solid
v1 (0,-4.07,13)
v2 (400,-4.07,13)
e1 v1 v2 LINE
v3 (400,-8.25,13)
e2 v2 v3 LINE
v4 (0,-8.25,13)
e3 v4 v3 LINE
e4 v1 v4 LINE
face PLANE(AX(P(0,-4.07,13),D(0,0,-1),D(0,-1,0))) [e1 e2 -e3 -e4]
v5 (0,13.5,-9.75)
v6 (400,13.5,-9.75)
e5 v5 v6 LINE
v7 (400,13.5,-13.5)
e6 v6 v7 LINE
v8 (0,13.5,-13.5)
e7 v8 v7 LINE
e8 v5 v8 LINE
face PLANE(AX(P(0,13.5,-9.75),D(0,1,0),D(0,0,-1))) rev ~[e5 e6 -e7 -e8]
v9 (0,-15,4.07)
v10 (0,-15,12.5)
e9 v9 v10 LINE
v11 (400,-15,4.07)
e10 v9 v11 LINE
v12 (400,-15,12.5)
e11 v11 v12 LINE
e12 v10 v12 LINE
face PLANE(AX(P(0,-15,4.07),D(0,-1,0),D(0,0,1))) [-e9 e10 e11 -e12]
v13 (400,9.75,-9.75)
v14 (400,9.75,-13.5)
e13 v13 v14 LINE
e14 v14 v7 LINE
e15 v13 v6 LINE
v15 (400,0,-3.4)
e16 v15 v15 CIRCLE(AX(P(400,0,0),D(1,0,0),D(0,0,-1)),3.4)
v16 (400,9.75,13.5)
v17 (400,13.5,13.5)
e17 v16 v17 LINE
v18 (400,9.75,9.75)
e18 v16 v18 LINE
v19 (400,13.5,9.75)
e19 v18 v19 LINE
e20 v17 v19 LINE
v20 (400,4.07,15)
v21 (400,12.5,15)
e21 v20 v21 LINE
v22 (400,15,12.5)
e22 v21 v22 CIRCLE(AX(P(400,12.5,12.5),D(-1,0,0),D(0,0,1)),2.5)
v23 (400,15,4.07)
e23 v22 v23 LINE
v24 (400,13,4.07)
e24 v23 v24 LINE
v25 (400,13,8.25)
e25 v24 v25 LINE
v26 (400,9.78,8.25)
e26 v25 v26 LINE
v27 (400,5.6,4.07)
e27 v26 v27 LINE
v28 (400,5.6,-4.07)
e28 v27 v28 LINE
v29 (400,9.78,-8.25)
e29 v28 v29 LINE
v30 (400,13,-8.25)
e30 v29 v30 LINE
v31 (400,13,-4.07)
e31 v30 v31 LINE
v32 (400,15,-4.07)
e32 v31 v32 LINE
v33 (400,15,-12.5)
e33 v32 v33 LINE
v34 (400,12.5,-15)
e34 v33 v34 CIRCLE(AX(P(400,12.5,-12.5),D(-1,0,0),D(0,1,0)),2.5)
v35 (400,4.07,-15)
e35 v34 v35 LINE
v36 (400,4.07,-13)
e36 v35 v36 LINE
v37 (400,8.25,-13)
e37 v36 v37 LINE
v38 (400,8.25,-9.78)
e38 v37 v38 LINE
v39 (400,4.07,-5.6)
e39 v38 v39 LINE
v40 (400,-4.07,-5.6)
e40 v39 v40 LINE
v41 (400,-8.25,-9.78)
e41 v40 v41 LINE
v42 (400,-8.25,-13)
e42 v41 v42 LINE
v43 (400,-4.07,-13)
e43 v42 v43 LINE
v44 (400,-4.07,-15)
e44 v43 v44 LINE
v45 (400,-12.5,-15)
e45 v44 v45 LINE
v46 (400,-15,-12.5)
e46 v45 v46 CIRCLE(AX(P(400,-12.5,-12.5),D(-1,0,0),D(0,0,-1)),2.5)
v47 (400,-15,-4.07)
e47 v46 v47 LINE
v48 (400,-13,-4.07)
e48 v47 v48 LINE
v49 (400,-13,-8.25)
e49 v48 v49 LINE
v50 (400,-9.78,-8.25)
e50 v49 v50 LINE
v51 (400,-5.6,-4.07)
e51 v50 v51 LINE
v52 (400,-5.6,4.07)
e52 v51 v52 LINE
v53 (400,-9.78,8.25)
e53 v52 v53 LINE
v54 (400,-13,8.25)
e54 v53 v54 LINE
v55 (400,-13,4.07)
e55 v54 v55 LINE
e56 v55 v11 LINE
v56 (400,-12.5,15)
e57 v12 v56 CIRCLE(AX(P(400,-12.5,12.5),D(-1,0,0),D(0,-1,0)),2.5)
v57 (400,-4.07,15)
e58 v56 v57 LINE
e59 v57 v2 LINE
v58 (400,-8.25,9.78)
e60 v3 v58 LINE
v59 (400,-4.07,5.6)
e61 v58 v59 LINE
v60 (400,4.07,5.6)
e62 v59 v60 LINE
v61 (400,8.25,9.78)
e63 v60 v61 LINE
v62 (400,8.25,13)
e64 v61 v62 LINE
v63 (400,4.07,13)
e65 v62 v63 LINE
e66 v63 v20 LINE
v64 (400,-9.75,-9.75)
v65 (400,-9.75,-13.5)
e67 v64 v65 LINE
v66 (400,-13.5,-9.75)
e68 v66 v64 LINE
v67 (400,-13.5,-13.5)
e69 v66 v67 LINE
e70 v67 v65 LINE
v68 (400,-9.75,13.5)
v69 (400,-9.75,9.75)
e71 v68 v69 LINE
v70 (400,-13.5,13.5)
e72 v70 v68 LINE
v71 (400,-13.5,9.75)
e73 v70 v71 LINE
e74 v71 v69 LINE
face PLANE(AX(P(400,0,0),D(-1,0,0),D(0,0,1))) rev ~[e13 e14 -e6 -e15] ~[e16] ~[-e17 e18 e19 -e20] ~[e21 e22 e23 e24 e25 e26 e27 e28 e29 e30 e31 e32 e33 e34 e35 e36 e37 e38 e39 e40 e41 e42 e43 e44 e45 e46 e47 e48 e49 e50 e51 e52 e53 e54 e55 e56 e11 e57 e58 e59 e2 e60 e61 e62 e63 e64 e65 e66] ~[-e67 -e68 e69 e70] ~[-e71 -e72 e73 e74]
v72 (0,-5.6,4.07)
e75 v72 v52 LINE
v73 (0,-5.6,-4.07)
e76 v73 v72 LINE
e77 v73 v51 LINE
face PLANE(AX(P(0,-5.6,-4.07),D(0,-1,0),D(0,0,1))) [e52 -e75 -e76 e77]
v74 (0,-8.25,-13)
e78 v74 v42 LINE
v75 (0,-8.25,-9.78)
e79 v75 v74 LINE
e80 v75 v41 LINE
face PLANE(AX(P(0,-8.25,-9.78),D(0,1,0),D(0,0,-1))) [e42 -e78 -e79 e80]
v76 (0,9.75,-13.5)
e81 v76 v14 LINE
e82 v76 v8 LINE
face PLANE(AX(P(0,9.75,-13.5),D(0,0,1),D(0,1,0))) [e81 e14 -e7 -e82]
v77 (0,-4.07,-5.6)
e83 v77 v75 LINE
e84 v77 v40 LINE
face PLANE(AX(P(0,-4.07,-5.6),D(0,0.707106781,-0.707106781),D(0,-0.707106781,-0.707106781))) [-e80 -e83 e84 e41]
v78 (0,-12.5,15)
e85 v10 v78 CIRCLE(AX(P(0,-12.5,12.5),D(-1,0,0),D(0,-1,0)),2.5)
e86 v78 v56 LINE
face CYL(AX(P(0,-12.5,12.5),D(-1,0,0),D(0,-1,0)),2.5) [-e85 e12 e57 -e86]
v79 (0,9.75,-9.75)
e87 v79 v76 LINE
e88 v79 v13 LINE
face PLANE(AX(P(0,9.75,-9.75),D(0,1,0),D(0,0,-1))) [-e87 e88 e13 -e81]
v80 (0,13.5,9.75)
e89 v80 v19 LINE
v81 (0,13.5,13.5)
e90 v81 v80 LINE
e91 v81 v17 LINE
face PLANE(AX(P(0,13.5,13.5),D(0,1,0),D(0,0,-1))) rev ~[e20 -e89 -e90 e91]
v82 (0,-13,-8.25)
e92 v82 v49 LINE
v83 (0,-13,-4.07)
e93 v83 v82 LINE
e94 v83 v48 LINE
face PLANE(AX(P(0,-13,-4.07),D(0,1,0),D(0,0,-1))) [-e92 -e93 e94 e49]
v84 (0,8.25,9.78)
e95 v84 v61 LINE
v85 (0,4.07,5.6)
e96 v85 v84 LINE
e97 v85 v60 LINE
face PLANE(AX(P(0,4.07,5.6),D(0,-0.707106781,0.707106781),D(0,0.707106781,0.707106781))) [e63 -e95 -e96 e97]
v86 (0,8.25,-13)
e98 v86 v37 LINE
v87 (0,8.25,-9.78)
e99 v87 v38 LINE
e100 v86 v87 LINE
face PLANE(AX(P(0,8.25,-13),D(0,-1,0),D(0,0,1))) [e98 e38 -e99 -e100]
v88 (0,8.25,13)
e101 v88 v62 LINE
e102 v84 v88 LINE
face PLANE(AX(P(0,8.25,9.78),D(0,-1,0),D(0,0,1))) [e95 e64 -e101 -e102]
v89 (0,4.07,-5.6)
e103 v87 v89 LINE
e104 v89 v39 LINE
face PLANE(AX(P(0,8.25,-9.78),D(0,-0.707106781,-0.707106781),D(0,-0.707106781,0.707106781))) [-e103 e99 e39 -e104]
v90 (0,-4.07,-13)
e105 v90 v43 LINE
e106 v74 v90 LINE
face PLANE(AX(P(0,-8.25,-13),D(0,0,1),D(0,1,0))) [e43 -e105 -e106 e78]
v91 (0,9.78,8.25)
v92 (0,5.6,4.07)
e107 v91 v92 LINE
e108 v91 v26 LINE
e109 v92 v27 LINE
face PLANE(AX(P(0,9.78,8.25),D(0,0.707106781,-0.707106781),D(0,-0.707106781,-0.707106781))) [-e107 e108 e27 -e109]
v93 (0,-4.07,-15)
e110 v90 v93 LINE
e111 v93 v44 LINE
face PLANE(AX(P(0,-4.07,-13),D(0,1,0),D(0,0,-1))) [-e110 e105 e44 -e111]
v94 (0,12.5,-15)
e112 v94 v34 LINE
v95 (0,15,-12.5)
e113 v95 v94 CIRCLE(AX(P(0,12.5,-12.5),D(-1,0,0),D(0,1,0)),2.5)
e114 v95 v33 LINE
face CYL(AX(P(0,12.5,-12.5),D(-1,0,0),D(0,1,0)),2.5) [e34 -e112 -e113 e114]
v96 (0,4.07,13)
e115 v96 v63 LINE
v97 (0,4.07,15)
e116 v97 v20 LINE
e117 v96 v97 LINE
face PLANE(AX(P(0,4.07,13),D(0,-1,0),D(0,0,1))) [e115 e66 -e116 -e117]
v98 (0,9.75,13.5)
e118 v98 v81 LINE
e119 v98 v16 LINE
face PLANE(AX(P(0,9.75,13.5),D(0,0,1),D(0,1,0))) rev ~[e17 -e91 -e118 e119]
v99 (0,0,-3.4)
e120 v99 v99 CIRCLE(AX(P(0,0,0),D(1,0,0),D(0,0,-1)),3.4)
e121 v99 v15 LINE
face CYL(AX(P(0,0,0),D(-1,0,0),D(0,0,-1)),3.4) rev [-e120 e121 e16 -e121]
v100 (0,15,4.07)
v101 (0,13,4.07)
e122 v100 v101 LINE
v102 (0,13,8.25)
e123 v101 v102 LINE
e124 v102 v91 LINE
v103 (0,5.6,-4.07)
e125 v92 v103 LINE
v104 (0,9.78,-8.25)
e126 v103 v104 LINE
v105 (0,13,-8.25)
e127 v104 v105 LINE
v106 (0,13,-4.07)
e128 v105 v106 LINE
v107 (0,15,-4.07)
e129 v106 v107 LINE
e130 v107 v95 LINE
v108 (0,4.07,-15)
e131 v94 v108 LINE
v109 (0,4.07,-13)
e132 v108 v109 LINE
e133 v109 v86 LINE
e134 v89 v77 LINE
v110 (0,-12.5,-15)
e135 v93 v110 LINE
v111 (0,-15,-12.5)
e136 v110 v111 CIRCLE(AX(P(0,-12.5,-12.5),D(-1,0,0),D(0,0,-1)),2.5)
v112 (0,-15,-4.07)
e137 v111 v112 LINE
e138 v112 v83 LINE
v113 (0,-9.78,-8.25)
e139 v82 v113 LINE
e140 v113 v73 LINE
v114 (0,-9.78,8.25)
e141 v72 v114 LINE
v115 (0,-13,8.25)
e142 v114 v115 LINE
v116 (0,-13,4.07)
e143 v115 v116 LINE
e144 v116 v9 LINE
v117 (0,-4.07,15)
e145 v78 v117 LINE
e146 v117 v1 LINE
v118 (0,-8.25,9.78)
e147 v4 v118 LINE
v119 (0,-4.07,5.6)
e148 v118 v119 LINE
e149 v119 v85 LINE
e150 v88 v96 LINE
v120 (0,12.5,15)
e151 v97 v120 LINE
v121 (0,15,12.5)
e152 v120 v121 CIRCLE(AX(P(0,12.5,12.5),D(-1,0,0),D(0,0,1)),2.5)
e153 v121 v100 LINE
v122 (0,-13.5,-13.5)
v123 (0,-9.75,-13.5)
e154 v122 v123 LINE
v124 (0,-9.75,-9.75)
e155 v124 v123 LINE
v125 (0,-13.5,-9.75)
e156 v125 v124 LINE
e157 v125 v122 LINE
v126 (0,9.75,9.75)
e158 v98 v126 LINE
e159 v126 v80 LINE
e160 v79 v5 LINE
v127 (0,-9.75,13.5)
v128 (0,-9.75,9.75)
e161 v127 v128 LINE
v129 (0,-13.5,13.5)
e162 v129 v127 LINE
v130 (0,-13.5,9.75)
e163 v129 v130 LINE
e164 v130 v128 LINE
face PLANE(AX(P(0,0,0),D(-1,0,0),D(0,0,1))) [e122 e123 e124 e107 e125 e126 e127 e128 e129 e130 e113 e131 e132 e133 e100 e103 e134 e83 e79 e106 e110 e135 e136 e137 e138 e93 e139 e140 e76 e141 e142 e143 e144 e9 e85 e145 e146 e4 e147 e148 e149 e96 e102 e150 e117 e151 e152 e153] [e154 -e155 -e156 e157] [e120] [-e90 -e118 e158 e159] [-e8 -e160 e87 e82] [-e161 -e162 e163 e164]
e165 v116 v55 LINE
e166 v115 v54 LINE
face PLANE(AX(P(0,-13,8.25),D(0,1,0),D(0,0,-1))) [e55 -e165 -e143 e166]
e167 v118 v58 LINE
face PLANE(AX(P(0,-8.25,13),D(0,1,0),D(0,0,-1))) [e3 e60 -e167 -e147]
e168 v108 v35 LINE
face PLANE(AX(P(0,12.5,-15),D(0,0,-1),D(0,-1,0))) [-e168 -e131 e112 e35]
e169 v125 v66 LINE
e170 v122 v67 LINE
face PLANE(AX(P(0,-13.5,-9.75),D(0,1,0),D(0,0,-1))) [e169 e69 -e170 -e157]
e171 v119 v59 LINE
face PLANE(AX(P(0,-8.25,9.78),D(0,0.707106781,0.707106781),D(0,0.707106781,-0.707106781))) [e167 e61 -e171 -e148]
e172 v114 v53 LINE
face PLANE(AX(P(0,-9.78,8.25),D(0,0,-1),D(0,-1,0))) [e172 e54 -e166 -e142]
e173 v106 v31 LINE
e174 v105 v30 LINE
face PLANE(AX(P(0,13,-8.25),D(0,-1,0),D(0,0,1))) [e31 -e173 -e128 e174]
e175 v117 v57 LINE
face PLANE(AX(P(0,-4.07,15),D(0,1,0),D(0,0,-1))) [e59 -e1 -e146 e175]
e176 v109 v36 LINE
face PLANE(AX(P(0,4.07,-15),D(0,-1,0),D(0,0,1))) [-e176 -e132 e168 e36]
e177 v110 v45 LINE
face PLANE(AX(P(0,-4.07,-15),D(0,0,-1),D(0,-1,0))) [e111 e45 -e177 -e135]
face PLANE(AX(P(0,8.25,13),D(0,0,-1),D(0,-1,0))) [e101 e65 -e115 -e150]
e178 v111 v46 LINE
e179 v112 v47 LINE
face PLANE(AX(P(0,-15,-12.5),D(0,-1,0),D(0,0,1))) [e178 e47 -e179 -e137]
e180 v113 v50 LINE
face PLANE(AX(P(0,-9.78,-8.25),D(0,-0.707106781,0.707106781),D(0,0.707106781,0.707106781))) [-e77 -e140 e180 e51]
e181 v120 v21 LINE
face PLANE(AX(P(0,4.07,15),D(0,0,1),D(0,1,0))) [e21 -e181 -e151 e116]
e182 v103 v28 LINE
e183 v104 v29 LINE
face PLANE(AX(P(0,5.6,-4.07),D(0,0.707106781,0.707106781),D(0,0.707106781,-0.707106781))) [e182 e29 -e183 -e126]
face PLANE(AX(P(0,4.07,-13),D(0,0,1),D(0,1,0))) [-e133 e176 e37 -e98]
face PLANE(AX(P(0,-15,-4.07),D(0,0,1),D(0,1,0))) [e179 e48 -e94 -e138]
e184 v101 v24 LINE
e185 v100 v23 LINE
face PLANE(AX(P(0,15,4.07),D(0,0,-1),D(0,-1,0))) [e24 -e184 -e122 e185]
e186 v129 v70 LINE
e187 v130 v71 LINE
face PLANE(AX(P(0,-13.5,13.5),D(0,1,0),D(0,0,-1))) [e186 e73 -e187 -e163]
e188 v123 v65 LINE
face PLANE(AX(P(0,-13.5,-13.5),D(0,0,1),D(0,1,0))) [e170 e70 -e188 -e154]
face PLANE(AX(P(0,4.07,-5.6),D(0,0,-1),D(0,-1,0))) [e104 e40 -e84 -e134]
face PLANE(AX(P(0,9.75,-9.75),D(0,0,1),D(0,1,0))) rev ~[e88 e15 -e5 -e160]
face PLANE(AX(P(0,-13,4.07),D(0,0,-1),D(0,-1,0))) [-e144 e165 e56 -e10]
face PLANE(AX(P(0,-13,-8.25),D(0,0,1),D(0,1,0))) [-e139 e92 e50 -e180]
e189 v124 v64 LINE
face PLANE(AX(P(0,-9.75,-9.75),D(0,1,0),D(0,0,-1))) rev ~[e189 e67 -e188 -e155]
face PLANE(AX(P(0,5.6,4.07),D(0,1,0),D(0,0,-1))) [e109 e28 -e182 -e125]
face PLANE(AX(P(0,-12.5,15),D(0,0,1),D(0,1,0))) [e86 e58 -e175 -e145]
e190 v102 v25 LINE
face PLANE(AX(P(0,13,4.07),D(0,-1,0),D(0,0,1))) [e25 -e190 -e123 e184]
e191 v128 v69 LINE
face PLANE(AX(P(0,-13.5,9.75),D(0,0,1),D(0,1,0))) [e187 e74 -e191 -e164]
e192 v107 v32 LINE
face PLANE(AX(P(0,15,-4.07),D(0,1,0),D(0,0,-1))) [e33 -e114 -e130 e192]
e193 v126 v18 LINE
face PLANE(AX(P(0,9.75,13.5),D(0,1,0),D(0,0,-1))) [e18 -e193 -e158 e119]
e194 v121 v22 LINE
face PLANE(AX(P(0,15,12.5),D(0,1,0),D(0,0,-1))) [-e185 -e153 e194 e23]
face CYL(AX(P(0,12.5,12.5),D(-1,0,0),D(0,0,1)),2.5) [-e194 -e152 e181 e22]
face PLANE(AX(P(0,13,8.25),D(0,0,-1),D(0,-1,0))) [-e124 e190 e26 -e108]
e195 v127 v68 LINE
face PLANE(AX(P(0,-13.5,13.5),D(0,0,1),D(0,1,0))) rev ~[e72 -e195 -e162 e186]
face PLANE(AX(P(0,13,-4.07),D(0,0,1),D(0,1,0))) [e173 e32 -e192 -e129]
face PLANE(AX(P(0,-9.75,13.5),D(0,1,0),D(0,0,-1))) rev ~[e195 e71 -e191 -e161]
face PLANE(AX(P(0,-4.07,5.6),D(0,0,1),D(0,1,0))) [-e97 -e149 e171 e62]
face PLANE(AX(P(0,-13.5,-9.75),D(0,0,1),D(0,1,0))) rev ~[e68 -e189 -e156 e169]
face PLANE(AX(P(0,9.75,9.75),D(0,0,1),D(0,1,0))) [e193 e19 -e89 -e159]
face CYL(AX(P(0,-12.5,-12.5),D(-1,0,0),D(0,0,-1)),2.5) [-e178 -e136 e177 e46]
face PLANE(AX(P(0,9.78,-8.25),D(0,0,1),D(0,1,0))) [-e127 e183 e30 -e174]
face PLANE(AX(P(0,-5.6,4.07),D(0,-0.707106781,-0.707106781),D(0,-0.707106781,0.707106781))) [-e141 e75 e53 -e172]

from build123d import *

# Parameters (mm, degrees)
SKETCH17_R                     = 3.4
SKETCH17_W                     = 3.75
SKETCH17_H                     = 3.75
T_SLOT_PROFILES_3030_2_1_DEPTH = 400


with BuildPart() as part:
    # Sketch17 → T-slot profiles 3030_2(1) (new body)
    with BuildSketch(Plane(origin=(0, 0, 0), x_dir=(0, 0, -1), z_dir=(1, 0, 0))):
        with BuildLine():
            Line((-4.07, 5.6), (4.07, 5.6))
            Line((4.07, 5.6), (8.25, 9.78))
            Line((8.25, 9.78), (8.25, 13))
            Line((8.25, 13), (4.07, 13))
            Line((4.07, 13), (4.07, 15))
            Line((4.07, 15), (12.5, 15))
            ThreePointArc((12.5, 15), (14.267766953, 14.267766953), (15, 12.5))
            Line((15, 12.5), (15, 4.07))
            Line((15, 4.07), (13, 4.07))
            Line((13, 4.07), (13, 8.25))
            Line((13, 8.25), (9.78, 8.25))
            Line((9.78, 8.25), (5.6, 4.07))
            Line((5.6, 4.07), (5.6, -4.07))
            Line((5.6, -4.07), (9.78, -8.25))
            Line((9.78, -8.25), (13, -8.25))
            Line((13, -8.25), (13, -4.07))
            Line((13, -4.07), (15, -4.07))
            Line((15, -4.07), (15, -12.5))
            ThreePointArc((15, -12.5), (14.267766953, -14.267766953), (12.5, -15))
            Line((12.5, -15), (4.07, -15))
            Line((4.07, -15), (4.07, -13))
            Line((4.07, -13), (8.25, -13))
            Line((8.25, -13), (8.25, -9.78))
            Line((8.25, -9.78), (4.07, -5.6))
            Line((4.07, -5.6), (-4.07, -5.6))
            Line((-4.07, -5.6), (-8.25, -9.78))
            Line((-8.25, -9.78), (-8.25, -13))
            Line((-8.25, -13), (-4.07, -13))
            Line((-4.07, -13), (-4.07, -15))
            Line((-4.07, -15), (-12.5, -15))
            ThreePointArc((-12.5, -15), (-14.267766953, -14.267766953), (-15, -12.5))
            Line((-15, -12.5), (-15, -4.07))
            Line((-15, -4.07), (-13, -4.07))
            Line((-13, -4.07), (-13, -8.25))
            Line((-13, -8.25), (-9.78, -8.25))
            Line((-9.78, -8.25), (-5.6, -4.07))
            Line((-5.6, -4.07), (-5.6, 4.07))
            Line((-5.6, 4.07), (-9.78, 8.25))
            Line((-9.78, 8.25), (-13, 8.25))
            Line((-13, 8.25), (-13, 4.07))
            Line((-13, 4.07), (-15, 4.07))
            Line((-15, 4.07), (-15, 12.5))
            ThreePointArc((-15, 12.5), (-14.267766953, 14.267766953), (-12.5, 15))
            Line((-12.5, 15), (-4.07, 15))
            Line((-4.07, 15), (-4.07, 13))
            Line((-4.07, 13), (-8.25, 13))
            Line((-8.25, 13), (-8.25, 9.78))
            Line((-8.25, 9.78), (-4.07, 5.6))
        make_face()
        Circle(SKETCH17_R, mode=Mode.SUBTRACT)
        with Locations((11.625, 11.625)):
            Rectangle(SKETCH17_W, SKETCH17_H, mode=Mode.SUBTRACT)
        with Locations((11.625, -11.625)):
            Rectangle(SKETCH17_W, SKETCH17_H, mode=Mode.SUBTRACT)
        with Locations((-11.625, 11.625)):
            Rectangle(SKETCH17_W, SKETCH17_H, mode=Mode.SUBTRACT)
        with Locations((-11.625, -11.625)):
            Rectangle(SKETCH17_W, SKETCH17_H, mode=Mode.SUBTRACT)
    extrude(amount=T_SLOT_PROFILES_3030_2_1_DEPTH)


solid = part.part
